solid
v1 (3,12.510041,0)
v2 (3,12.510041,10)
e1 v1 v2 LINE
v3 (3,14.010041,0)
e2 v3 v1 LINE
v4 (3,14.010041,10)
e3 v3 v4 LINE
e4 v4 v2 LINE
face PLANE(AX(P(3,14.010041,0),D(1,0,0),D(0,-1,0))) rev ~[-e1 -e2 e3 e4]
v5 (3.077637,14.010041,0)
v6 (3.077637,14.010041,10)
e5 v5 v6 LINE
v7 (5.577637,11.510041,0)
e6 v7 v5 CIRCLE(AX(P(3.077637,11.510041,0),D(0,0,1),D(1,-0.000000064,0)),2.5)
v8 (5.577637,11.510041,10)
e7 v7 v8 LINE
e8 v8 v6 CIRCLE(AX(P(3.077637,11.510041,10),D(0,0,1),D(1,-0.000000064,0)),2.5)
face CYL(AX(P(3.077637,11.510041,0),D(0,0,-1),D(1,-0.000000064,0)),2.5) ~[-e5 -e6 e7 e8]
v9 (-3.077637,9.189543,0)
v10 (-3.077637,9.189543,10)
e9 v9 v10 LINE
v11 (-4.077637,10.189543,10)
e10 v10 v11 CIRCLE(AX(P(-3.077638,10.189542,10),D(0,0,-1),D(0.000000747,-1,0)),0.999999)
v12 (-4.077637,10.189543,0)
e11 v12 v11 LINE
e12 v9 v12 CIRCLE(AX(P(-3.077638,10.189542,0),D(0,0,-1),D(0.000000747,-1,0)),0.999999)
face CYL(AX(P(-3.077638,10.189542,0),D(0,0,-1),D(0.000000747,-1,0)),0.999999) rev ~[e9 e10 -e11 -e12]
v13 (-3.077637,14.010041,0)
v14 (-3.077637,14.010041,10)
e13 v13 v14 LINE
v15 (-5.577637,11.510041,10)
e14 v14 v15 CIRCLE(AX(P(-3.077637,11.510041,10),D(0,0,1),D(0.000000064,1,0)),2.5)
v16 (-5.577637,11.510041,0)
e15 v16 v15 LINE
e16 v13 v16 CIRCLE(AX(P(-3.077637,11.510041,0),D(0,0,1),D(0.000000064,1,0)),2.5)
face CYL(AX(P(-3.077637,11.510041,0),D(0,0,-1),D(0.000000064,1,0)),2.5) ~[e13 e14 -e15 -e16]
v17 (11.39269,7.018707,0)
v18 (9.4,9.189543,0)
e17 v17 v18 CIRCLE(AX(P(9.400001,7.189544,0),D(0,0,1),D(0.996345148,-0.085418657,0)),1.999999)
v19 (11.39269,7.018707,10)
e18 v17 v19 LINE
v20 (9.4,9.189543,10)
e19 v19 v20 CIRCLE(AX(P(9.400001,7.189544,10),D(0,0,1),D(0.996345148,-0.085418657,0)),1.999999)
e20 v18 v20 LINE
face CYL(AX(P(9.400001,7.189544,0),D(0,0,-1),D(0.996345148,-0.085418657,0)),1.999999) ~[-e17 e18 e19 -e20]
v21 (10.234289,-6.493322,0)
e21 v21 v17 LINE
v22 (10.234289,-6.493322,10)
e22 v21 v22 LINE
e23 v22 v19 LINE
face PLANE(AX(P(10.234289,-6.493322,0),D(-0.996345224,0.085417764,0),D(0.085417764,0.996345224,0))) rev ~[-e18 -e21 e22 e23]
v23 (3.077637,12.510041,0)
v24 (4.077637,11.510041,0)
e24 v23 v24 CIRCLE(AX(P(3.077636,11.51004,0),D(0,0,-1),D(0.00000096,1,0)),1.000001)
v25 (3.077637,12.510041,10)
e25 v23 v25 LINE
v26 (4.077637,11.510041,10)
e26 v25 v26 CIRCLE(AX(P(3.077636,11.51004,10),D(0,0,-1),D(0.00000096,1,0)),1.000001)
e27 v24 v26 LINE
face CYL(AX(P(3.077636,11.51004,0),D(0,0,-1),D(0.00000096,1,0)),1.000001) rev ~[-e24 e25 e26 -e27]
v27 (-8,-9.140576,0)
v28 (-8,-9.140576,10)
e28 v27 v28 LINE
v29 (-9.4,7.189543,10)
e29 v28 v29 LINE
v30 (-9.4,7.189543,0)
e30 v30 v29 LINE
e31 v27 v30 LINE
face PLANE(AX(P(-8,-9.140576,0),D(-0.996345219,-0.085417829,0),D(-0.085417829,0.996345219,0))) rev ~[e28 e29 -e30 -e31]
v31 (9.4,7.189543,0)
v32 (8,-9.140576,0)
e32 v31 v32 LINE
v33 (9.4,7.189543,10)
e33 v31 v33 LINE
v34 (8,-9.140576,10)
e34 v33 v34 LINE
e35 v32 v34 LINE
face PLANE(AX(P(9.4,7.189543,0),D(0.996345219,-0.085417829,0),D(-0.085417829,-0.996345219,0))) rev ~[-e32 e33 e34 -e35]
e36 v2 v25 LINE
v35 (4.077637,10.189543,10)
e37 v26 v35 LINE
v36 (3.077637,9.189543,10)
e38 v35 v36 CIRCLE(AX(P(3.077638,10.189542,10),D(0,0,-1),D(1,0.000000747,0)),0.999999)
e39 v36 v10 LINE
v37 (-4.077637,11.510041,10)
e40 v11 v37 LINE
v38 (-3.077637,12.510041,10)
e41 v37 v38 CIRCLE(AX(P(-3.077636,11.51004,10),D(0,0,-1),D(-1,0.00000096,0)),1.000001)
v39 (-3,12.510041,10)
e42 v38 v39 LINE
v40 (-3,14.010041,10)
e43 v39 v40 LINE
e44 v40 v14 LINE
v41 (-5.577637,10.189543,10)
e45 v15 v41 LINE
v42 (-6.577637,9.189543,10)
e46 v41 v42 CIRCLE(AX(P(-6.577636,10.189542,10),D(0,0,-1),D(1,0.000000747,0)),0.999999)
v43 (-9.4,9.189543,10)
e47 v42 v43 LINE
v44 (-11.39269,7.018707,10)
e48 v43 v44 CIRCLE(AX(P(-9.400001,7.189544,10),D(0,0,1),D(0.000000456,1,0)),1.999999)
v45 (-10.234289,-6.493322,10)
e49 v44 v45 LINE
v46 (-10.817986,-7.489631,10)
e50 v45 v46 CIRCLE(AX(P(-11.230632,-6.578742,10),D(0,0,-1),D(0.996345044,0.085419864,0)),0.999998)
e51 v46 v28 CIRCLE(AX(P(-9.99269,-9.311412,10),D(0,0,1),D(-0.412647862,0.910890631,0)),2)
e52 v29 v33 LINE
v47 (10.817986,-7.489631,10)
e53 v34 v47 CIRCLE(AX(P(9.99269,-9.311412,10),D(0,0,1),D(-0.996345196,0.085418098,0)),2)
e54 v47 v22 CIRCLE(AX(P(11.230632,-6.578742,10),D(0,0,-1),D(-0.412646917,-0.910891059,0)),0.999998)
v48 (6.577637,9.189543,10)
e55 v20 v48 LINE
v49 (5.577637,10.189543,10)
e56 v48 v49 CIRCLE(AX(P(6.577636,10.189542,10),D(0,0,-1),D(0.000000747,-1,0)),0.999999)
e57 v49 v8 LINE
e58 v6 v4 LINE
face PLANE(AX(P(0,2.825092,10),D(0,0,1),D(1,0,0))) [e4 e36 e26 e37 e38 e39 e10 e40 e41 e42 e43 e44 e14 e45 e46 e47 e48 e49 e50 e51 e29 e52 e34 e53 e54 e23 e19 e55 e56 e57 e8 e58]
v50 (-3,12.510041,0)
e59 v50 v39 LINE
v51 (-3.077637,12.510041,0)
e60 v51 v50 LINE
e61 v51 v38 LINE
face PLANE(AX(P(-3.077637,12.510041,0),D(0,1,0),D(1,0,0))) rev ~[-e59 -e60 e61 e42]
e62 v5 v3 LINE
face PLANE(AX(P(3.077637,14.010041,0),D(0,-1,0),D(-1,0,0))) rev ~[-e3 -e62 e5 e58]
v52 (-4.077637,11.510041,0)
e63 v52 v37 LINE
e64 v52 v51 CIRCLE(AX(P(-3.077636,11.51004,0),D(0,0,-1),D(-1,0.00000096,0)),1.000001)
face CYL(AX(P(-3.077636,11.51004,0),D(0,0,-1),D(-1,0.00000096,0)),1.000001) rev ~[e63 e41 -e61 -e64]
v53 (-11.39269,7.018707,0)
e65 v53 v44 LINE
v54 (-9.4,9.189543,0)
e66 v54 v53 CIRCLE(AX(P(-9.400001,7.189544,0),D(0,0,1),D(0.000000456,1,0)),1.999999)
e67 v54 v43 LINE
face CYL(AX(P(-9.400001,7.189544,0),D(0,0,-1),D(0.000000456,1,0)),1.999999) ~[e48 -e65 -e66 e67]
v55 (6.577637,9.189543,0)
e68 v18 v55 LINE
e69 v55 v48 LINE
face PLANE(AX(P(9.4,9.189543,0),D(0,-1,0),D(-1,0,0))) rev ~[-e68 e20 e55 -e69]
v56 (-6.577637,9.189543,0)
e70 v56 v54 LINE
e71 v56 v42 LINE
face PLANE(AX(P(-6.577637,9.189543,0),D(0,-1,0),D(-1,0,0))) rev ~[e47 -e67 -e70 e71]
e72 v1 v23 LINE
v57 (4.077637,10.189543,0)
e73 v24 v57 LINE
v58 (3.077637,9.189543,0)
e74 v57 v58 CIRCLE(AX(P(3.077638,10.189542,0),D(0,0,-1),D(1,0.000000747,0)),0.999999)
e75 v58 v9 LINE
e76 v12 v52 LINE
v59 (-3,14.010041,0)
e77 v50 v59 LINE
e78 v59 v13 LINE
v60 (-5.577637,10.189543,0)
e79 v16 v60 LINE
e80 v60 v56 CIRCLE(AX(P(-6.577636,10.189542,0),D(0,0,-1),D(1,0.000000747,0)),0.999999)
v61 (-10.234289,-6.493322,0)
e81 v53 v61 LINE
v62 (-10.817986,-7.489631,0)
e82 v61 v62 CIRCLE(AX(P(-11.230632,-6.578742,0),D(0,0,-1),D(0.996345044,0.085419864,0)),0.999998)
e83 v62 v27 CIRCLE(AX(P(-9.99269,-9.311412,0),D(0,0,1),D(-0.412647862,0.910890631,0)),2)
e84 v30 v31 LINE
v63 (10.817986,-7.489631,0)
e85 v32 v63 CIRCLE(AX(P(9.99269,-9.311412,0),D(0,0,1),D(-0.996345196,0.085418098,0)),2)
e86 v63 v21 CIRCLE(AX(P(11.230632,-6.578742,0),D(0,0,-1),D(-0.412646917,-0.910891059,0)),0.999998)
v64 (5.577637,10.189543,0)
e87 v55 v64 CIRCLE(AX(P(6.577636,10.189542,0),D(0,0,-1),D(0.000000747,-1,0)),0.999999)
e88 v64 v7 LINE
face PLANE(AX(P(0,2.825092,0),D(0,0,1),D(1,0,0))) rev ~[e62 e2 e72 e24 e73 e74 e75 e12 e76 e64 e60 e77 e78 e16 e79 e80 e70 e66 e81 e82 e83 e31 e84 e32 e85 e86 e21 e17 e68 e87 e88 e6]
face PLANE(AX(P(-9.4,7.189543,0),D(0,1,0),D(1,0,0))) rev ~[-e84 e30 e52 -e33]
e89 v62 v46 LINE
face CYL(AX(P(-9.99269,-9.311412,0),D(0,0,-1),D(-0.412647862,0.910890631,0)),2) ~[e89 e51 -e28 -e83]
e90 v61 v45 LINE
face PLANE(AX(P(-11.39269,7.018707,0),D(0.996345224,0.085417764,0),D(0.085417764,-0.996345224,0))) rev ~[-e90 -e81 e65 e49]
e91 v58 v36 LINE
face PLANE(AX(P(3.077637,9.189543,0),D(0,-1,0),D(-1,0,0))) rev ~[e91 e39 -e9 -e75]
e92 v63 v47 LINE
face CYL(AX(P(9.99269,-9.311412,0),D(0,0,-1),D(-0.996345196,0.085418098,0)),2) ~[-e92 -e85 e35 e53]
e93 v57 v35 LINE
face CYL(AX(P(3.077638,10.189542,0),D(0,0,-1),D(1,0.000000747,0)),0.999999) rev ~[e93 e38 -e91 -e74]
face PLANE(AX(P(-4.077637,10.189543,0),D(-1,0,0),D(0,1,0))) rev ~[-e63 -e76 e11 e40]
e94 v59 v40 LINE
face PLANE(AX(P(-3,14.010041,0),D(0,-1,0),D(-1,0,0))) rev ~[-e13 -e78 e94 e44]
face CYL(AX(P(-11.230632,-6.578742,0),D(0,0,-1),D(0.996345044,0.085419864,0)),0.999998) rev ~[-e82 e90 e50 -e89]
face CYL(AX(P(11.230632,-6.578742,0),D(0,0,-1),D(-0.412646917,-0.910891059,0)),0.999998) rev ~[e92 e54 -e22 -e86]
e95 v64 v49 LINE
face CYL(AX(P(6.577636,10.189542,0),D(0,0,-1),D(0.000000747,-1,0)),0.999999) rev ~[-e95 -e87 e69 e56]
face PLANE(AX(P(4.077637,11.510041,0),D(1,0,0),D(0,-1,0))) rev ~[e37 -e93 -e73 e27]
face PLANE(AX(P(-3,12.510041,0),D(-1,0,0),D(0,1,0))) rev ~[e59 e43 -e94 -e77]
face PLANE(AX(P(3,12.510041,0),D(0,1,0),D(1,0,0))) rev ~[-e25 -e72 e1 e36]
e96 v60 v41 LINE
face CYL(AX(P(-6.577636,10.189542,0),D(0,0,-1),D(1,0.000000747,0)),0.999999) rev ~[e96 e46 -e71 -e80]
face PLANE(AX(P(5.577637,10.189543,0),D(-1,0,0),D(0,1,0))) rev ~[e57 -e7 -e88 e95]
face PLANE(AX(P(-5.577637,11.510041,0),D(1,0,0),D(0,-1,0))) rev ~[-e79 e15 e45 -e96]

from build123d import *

# Parameters (mm, degrees)
F1_DEPTH = 10


with BuildPart() as f1:
    # F0 (on Top) → F1 (new body)
    with BuildSketch(Plane.XY):
        with BuildLine():
            Line((0, 7.189543), (9.4, 7.189543))
            Line((9.4, 7.189543), (8, -9.140576))
            ThreePointArc((8, -9.140576), (11.003684, -11.037069), (10.817986, -7.489631))
            ThreePointArc((10.817986, -7.489631), (10.367805, -7.084237), (10.234289, -6.493322))
            Line((10.234289, -6.493322), (11.39269, 7.018707))
            ThreePointArc((11.39269, 7.018707), (10.873376, 8.542009), (9.4, 9.189543))
            Line((9.4, 9.189543), (6.577637, 9.189543))
            ThreePointArc((6.577637, 9.189543), (5.87053, 9.482436), (5.577637, 10.189543))
            Line((5.577637, 10.189543), (5.577637, 11.510041))
            ThreePointArc((5.577637, 11.510041), (4.845404, 13.277808), (3.077637, 14.010041))
            Line((3.077637, 14.010041), (3, 14.010041))
            Line((3, 14.010041), (3, 12.510041))
            Line((3, 12.510041), (3.077637, 12.510041))
            ThreePointArc((3.077637, 12.510041), (3.784744, 12.217147), (4.077637, 11.510041))
            Line((4.077637, 11.510041), (4.077637, 10.189543))
            ThreePointArc((4.077637, 10.189543), (3.784744, 9.482436), (3.077637, 9.189543))
            Line((3.077637, 9.189543), (0, 9.189543))
            Line((0, 9.189543), (-3.077637, 9.189543))
            ThreePointArc((-3.077637, 9.189543), (-3.784744, 9.482436), (-4.077637, 10.189543))
            Line((-4.077637, 10.189543), (-4.077637, 11.510041))
            ThreePointArc((-4.077637, 11.510041), (-3.784744, 12.217147), (-3.077637, 12.510041))
            Line((-3.077637, 12.510041), (-3, 12.510041))
            Line((-3, 12.510041), (-3, 14.010041))
            Line((-3, 14.010041), (-3.077637, 14.010041))
            ThreePointArc((-3.077637, 14.010041), (-4.845404, 13.277808), (-5.577637, 11.510041))
            Line((-5.577637, 11.510041), (-5.577637, 10.189543))
            ThreePointArc((-5.577637, 10.189543), (-5.87053, 9.482436), (-6.577637, 9.189543))
            Line((-6.577637, 9.189543), (-9.4, 9.189543))
            ThreePointArc((-9.4, 9.189543), (-10.873376, 8.542009), (-11.39269, 7.018707))
            Line((-11.39269, 7.018707), (-10.234289, -6.493322))
            ThreePointArc((-10.234289, -6.493322), (-10.367805, -7.084237), (-10.817986, -7.489631))
            ThreePointArc((-10.817986, -7.489631), (-11.003684, -11.037069), (-8, -9.140576))
            Line((-8, -9.140576), (-9.4, 7.189543))
            Line((-9.4, 7.189543), (0, 7.189543))
        make_face()
    extrude(amount=F1_DEPTH)


solid = f1.part
